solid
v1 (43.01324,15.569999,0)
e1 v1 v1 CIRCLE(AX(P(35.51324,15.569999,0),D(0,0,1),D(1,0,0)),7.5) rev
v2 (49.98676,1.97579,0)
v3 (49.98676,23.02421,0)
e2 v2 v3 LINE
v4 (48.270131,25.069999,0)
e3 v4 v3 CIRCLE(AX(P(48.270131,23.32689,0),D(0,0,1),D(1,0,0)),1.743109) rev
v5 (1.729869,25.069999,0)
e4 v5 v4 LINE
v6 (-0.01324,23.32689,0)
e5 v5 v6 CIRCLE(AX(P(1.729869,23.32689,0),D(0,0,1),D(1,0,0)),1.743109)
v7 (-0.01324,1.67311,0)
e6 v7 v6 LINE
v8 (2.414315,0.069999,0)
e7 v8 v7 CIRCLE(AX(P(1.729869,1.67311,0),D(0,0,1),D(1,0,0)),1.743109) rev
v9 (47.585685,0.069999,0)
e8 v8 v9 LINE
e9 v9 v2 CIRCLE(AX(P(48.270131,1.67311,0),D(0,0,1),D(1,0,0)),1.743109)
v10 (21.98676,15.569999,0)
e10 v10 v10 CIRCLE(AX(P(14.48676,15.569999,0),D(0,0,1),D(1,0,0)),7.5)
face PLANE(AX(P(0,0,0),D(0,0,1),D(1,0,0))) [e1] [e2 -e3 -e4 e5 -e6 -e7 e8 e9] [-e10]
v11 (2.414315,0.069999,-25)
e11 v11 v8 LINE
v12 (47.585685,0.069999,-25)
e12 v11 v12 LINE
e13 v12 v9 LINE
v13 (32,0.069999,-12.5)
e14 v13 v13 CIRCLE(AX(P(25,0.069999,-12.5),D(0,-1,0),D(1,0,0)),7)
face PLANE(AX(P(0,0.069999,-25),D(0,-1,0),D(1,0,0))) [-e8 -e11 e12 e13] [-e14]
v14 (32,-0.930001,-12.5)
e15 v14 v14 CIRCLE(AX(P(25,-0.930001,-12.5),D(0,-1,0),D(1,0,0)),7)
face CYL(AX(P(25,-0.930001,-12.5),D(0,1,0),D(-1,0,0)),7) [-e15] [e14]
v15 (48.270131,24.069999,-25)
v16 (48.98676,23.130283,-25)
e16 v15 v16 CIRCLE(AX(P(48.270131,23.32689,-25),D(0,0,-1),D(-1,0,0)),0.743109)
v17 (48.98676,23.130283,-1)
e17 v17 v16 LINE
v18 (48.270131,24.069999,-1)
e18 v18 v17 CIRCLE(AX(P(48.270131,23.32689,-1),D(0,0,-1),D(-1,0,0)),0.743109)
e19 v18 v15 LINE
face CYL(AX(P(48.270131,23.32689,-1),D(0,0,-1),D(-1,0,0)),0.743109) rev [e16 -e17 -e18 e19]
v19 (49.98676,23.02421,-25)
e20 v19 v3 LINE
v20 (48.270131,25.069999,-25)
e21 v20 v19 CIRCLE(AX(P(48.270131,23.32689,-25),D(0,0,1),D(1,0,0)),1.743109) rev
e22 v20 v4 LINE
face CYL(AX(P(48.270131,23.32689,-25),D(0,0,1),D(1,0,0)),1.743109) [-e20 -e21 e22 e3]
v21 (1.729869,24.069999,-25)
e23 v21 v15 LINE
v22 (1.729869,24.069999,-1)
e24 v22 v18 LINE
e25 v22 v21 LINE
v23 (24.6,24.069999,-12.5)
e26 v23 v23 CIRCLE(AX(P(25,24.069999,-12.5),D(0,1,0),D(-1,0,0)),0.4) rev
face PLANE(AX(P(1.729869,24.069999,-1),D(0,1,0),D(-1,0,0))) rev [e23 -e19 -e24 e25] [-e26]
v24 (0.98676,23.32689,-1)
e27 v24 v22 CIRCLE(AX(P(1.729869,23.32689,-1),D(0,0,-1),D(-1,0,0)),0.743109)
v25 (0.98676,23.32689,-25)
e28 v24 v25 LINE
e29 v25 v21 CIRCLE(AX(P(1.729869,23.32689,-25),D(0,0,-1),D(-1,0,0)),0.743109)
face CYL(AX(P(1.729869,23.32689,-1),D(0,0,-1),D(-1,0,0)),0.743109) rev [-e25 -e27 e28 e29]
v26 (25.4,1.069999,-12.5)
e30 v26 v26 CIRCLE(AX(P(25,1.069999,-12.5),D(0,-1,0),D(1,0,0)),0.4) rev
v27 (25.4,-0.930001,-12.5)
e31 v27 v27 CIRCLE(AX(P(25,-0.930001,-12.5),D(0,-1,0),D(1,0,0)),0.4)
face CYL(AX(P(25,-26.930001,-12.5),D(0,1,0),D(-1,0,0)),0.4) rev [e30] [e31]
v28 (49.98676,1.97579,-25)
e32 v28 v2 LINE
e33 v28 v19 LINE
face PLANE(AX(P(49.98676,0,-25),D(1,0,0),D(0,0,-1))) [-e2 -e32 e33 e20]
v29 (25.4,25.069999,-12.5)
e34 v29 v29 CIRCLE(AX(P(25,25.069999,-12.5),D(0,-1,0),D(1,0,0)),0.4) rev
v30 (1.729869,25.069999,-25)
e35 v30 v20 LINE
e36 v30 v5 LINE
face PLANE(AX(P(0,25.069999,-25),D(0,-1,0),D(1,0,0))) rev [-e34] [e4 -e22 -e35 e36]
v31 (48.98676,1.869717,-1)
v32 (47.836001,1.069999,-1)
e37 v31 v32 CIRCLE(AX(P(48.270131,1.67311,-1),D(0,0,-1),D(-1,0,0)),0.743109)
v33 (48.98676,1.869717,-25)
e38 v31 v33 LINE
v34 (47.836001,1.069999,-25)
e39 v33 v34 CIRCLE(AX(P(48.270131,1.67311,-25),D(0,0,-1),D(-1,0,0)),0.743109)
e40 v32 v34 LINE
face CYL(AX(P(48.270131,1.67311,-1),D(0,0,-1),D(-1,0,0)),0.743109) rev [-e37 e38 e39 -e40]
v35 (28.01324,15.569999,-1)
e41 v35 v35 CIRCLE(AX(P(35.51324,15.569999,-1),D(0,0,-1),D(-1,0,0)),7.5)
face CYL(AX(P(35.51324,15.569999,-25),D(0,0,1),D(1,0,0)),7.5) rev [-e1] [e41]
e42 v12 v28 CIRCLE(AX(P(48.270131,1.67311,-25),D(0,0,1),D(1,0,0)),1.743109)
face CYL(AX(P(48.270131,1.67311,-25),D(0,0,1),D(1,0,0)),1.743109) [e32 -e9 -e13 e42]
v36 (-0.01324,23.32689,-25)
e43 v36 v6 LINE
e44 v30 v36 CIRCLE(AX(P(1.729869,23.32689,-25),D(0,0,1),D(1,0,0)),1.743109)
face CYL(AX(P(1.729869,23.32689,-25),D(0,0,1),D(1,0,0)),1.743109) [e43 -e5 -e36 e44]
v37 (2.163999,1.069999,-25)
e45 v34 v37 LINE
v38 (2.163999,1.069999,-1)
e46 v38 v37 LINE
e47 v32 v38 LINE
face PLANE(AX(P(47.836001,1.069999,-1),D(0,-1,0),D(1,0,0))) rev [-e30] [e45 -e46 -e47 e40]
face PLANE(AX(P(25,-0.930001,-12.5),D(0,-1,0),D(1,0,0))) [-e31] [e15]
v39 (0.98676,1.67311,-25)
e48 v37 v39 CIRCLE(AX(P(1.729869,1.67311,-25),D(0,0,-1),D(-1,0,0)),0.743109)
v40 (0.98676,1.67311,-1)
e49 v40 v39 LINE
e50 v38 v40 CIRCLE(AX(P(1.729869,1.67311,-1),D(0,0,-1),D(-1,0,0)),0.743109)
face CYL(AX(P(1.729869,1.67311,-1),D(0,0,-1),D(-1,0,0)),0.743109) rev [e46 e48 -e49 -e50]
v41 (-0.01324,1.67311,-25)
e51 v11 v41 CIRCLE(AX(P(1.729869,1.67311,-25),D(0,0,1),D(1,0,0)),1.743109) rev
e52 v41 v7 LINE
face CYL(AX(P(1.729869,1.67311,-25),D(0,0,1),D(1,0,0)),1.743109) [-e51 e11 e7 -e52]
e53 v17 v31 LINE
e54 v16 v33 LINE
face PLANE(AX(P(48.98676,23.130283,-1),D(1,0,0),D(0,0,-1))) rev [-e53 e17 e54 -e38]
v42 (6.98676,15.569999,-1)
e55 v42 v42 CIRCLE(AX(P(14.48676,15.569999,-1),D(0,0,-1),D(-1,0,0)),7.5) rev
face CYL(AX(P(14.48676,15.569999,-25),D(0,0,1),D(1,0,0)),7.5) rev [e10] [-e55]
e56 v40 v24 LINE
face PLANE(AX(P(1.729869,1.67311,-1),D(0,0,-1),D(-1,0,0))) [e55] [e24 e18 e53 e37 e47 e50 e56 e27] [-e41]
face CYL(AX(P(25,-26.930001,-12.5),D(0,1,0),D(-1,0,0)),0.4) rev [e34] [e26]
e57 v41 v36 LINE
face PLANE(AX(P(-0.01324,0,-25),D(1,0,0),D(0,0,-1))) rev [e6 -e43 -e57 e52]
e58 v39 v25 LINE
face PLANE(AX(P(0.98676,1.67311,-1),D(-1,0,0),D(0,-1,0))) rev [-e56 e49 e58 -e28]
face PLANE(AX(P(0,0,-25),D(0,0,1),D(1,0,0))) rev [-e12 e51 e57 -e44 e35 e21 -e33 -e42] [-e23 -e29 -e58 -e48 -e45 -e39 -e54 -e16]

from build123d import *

# Parameters (mm, degrees)
SKETCH1_R               = 7.5
BOSS_EXTRUDE2_DEPTH     = 25
CUT_EXTRUDE1_DEPTH      = 24
CUT_EXTRUDE2_DEPTH      = 27
CUT_EXTRUDE2_DEPTH_BACK = 36
SKETCH3_R               = 0.4
SKETCH4_R               = 7
BOSS_EXTRUDE3_DEPTH     = 1
CUT_EXTRUDE3_START      = -11
SKETCH5_R               = 0.4
CUT_EXTRUDE3_DEPTH      = 11


with BuildPart() as part:
    # Sketch1 → Boss-Extrude2 (new body)
    with BuildSketch(Plane.XY):
        with BuildLine():
            ThreePointArc((2.414315168, 0.069999392), (0.769305306, 0.218548989), (-0.013240201, 1.673109733))
            Line((-0.013240201, 1.673109733), (-0.013240201, 23.326890267))
            ThreePointArc((-0.013240201, 23.326890267), (0.497304642, 24.55945455), (1.729868925, 25.069999392))
            Line((1.729868925, 25.069999392), (48.270131075, 25.069999392))
            ThreePointArc((48.270131075, 25.069999392), (49.605427649, 24.447342177), (49.986759799, 23.02421016))
            Line((49.986759799, 23.02421016), (49.986759799, 1.97578984))
            ThreePointArc((49.986759799, 1.97578984), (49.353809753, 0.307800264), (47.585684832, 0.069999392))
            Line((47.585684832, 0.069999392), (2.414315168, 0.069999392))
        make_face()
        with Locations((14.486759799, 15.569999392)):
            Circle(SKETCH1_R, mode=Mode.SUBTRACT)
        with Locations((35.513240201, 15.569999392)):
            Circle(SKETCH1_R, mode=Mode.SUBTRACT)
    extrude(amount=-BOSS_EXTRUDE2_DEPTH)

    # Sketch2 → Cut-Extrude1 (cut)
    with BuildSketch(Plane(origin=(0, 0, -25), x_dir=(-1, 0, 0), z_dir=(0, 0, -1))):
        with BuildLine():
            Line((-0.986759799, 1.673109733), (-0.986759799, 23.326890267))
            ThreePointArc((-0.986759799, 23.326890267), (-1.204411423, 23.852347769), (-1.729868925, 24.069999392))
            Line((-1.729868925, 24.069999392), (-48.270131075, 24.069999392))
            ThreePointArc((-48.270131075, 24.069999392), (-48.861025261, 23.777506771), (-48.986759799, 23.130282932))
            Line((-48.986759799, 23.130282932), (-48.986759799, 1.869717068))
            ThreePointArc((-48.986759799, 1.869717068), (-48.694204694, 1.062886218), (-47.836000807, 1.069999392))
            Line((-47.836000807, 1.069999392), (-2.163999193, 1.069999392))
            ThreePointArc((-2.163999193, 1.069999392), (-1.391043742, 1.011740949), (-0.986759799, 1.673109733))
        make_face()
    extrude(amount=-CUT_EXTRUDE1_DEPTH, mode=Mode.SUBTRACT)

    # Sketch3 → Cut-Extrude2 (cut, two sides: drawn at the far end of the back side and taken through both)
    with BuildSketch(Plane.XZ.offset(-0.069999392).offset(-CUT_EXTRUDE2_DEPTH_BACK)):
        with Locations(Location((25, -12.5, 0), (0, 0, 180))):
            Circle(SKETCH3_R)
    extrude(amount=CUT_EXTRUDE2_DEPTH + CUT_EXTRUDE2_DEPTH_BACK, mode=Mode.SUBTRACT)

    # Sketch4 → Boss-Extrude3 (add)
    with BuildSketch(Plane.XZ.offset(-0.069999392)):
        with Locations((25, -12.5)):
            Circle(SKETCH4_R)
    extrude(amount=BOSS_EXTRUDE3_DEPTH)

    # Sketch5 → Cut-Extrude3 (cut)
    with BuildSketch(Plane(origin=(0, 1.069999392, 0), x_dir=(1, 0, 0), z_dir=(0, 1, 0)).offset(CUT_EXTRUDE3_START)):
        with Locations(Location((25, 12.5, 0), (0, 0, 180))):
            Circle(SKETCH5_R)
    extrude(amount=CUT_EXTRUDE3_DEPTH, mode=Mode.SUBTRACT)


solid = part.part
